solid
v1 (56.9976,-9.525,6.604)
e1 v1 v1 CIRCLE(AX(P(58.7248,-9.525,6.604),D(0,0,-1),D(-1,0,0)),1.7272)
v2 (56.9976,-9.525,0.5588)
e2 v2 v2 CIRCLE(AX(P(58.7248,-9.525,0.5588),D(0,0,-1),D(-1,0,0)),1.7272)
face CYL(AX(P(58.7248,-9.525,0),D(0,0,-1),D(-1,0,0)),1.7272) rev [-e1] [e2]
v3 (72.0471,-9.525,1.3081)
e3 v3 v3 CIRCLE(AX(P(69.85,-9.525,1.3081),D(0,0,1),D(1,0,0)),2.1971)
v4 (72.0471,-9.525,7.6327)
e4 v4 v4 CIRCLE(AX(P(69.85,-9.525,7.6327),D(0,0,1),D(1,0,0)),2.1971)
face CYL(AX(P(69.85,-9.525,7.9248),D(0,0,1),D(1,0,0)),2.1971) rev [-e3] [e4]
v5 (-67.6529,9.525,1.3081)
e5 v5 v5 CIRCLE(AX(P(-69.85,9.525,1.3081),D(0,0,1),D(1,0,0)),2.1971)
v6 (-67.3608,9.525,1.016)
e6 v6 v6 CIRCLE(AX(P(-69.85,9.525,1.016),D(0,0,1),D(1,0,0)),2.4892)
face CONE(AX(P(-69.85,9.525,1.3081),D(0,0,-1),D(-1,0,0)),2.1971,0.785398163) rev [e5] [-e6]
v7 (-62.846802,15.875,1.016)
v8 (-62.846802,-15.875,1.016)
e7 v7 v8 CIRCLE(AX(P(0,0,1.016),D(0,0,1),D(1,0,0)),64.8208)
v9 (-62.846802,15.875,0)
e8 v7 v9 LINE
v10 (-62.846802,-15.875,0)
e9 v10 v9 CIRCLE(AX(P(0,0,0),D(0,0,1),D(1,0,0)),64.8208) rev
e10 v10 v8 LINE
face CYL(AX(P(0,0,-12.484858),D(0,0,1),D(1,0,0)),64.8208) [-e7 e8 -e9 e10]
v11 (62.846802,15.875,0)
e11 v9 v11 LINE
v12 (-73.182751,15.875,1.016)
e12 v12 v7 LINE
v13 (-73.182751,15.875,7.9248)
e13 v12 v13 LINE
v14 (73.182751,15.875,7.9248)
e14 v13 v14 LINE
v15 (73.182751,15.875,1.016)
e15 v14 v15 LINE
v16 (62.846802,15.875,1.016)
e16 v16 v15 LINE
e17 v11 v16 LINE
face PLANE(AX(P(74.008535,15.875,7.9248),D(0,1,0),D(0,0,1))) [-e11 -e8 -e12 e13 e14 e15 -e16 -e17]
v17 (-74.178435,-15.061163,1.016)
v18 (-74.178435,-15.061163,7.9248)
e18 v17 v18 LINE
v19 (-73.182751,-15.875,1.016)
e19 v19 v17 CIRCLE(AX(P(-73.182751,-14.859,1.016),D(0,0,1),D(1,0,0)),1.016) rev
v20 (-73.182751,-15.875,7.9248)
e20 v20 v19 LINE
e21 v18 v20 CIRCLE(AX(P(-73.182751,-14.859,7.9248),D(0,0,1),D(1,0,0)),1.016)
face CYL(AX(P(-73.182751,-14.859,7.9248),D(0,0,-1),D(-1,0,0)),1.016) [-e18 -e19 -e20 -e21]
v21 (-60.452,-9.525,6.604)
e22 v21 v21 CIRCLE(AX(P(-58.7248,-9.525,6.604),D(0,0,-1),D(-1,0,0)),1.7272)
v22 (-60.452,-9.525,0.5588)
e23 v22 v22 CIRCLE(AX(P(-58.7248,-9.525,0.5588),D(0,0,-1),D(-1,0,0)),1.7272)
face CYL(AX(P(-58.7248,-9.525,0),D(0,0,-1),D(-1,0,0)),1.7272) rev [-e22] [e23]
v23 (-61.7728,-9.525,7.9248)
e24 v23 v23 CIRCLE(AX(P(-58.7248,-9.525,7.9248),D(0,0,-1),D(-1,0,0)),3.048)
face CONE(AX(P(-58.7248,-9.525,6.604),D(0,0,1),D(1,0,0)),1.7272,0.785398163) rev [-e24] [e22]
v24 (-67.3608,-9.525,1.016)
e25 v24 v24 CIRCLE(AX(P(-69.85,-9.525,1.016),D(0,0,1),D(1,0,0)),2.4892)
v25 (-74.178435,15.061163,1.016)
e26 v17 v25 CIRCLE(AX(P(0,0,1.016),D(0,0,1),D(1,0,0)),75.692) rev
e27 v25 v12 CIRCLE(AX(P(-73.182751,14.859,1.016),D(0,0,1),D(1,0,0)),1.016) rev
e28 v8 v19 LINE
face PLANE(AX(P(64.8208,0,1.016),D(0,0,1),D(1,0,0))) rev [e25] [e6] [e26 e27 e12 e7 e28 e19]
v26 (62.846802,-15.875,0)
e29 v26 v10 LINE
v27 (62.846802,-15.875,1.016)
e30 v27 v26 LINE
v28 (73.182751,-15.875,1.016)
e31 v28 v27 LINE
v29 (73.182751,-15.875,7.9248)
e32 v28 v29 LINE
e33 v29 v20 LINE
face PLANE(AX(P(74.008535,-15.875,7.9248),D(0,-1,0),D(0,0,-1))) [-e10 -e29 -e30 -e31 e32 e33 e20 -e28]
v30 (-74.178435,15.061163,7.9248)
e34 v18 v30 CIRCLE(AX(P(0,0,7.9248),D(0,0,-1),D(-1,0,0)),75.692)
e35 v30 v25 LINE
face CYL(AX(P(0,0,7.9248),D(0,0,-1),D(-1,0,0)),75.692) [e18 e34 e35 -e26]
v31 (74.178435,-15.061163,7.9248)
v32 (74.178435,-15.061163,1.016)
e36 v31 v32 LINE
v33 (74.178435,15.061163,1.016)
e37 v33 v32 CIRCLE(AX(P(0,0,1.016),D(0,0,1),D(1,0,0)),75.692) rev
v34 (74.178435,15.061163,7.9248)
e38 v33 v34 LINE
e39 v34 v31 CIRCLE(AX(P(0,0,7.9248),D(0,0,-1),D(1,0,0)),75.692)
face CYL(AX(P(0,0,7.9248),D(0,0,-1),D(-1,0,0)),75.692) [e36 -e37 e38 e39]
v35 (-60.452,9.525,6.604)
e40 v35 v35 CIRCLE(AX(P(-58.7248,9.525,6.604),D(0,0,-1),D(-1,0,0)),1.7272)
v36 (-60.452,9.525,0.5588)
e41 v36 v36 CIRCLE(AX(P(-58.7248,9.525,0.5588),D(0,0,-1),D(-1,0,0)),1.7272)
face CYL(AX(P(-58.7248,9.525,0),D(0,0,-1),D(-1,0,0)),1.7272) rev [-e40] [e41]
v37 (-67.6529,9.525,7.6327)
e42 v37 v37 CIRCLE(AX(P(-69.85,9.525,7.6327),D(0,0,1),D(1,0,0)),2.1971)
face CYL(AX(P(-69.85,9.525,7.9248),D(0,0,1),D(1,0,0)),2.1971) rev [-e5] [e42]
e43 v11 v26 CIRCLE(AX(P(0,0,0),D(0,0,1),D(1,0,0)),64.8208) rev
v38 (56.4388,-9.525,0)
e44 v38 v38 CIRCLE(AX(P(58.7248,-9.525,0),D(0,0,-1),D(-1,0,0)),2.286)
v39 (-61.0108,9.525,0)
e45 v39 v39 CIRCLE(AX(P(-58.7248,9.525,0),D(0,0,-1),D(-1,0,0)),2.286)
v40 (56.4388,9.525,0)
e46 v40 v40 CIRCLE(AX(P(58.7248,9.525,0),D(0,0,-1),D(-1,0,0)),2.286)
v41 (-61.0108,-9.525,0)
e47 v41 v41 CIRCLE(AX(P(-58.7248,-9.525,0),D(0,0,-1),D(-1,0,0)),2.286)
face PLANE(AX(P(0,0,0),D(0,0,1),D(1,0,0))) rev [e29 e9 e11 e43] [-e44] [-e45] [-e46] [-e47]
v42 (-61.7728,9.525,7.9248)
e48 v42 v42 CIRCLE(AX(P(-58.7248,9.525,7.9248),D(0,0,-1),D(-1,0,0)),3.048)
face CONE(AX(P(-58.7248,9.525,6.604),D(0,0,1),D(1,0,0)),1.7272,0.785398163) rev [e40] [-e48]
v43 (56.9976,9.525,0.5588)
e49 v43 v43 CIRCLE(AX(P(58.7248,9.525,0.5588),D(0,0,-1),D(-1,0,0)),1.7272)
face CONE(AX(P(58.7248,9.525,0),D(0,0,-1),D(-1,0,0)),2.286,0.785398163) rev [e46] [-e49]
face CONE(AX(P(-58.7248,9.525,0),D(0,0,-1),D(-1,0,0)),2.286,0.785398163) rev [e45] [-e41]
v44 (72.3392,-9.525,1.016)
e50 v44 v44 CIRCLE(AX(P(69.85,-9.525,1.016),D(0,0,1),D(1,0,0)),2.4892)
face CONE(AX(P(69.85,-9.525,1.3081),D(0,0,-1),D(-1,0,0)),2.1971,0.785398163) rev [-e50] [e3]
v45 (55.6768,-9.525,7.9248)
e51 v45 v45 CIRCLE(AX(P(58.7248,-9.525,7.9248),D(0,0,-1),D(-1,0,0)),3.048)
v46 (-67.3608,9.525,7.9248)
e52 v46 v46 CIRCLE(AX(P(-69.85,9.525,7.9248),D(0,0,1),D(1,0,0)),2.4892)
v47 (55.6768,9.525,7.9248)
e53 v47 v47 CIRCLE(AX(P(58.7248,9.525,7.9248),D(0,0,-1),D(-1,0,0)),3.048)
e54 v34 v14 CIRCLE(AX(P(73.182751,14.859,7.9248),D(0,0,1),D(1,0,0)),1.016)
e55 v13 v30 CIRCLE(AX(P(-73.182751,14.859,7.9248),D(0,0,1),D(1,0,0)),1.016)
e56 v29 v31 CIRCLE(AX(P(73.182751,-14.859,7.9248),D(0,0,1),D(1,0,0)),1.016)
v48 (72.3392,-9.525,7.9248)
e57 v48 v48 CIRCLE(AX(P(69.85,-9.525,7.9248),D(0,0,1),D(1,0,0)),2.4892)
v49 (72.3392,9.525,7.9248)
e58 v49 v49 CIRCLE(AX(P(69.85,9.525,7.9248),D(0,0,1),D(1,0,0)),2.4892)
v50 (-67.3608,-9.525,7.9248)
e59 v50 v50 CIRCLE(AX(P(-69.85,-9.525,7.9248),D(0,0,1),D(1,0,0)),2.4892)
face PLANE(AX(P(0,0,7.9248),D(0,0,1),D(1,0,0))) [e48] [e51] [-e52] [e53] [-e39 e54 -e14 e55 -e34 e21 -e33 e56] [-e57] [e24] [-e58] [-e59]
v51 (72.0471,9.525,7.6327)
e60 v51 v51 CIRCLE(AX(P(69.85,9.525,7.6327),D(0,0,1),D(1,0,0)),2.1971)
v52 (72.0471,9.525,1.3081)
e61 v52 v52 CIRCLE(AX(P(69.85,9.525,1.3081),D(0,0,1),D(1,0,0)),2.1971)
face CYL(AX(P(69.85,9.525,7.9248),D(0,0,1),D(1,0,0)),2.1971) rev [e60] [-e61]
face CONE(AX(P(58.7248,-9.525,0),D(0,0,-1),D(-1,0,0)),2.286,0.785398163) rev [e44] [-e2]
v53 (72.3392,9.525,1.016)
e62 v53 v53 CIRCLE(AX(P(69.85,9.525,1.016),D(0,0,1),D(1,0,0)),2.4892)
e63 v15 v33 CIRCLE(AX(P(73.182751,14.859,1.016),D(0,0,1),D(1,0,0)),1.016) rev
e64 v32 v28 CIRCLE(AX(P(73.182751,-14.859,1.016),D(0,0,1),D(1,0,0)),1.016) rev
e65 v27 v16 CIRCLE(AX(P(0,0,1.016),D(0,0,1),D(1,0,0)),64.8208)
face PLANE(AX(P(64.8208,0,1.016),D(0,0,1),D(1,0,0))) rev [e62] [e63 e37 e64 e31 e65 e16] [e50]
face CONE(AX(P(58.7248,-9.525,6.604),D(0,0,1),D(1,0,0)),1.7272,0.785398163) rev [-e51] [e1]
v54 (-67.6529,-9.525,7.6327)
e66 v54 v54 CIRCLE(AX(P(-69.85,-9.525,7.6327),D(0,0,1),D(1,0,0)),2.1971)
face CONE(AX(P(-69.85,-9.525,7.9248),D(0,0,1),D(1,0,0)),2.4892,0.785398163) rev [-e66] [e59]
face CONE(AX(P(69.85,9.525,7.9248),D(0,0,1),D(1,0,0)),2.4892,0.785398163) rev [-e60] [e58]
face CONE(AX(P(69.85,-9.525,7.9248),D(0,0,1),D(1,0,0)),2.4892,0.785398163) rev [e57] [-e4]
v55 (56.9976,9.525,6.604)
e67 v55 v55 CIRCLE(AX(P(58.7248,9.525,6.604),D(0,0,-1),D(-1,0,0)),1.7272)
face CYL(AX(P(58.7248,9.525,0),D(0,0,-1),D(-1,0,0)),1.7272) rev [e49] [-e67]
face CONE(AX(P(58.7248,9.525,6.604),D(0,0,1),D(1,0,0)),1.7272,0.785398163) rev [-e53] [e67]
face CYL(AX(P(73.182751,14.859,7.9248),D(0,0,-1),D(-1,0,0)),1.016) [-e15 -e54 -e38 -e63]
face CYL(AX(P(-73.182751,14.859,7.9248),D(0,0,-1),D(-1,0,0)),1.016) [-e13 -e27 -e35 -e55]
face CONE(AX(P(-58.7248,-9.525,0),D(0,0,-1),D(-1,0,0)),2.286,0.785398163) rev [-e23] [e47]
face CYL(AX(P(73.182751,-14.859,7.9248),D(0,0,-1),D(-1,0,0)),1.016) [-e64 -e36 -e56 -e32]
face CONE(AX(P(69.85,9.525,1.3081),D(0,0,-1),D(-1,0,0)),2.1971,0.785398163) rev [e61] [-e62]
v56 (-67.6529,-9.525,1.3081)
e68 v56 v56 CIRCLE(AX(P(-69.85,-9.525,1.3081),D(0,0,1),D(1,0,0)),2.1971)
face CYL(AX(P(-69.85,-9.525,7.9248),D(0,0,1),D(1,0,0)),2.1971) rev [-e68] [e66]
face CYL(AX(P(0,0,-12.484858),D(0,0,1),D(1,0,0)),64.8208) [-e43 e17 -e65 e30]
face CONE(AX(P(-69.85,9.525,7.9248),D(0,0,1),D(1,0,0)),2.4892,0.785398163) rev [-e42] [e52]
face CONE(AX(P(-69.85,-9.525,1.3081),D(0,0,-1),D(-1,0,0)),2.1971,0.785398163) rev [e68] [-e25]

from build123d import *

# Parameters (mm, degrees)
BOSS_EXTRUDE1_DEPTH                  = 7.9248
SKETCH12_W                           = 35.56
SKETCH12_H                           = 35.56
FILLET1_R                            = 1.016
F_8_32_TAPPED_HOLE2_AT_2_COUNT       = 2
F_8_32_TAPPED_HOLE2_AT_2_PITCH       = 19.05
F_8_32_TAPPED_HOLE2_AT_3_COUNT       = 2
F_8_32_TAPPED_HOLE2_AT_3_PITCH       = 117.4496
F_8_32_TAPPED_HOLE2_AT_4_COUNT       = 2
F_8_32_TAPPED_HOLE2_AT_4_PITCH       = 118.984499159
F_17_0_173_DIAMETER_HOLE1_AT_2_COUNT = 2
F_17_0_173_DIAMETER_HOLE1_AT_2_PITCH = 19.05
F_17_0_173_DIAMETER_HOLE1_AT_3_COUNT = 2
F_17_0_173_DIAMETER_HOLE1_AT_3_PITCH = 139.7
F_17_0_173_DIAMETER_HOLE1_AT_4_COUNT = 2
F_17_0_173_DIAMETER_HOLE1_AT_4_PITCH = 140.992881026


with BuildPart() as part:
    # Sketch1 → Boss-Extrude1 (new body)
    with BuildSketch(Plane(origin=(0, 0, 0), x_dir=(1, 0, 0), z_dir=(0, 0, -1))):
        with BuildLine():
            Line((74.008534906, -15.875), (-74.008534906, -15.875))
            ThreePointArc((-74.008534906, -15.875), (-75.692, 0), (-74.008534906, 15.875))
            Line((-74.008534906, 15.875), (74.008534906, 15.875))
            ThreePointArc((74.008534906, 15.875), (75.692, 0), (74.008534906, -15.875))
        make_face()
    extrude(amount=-BOSS_EXTRUDE1_DEPTH)

    # Sketch12 → Cut-Revolve1 (revolve, cut)
    with BuildSketch(Plane(origin=(0, 0, 0), x_dir=(1, 0, 0), z_dir=(0, 1, 0))):
        with Locations((82.6008, 16.764)):
            Rectangle(SKETCH12_W, SKETCH12_H)
    revolve(axis=Axis((0, 0, -12.484857721), (0, 0, -1)), mode=Mode.SUBTRACT)

    # Fillet1
    fillet1_edges = [part.edges().sort_by_distance(p)[0] for p in [
        (74.008534906, 15.875, 4.4704),
        (-74.008534906, 15.875, 4.4704),
        (-74.008534906, -15.875, 4.4704),
        (74.008534906, -15.875, 4.4704),
    ]]
    fillet(fillet1_edges, radius=FILLET1_R)

    # Sketch2 → #8-32 Tapped Hole2 (revolve, cut)
    with BuildSketch(Plane(origin=(-58.7248, 9.525, 0), x_dir=(0, 1, 0), z_dir=(1, 0, 0))):
        Polygon((0, 0), (0, 7.9248), (3.048, 7.9248), (1.7272, 6.604), (1.7272, 0.5588), (2.286, 0), align=None)
    f_8_32_tapped_hole2 = revolve(axis=Axis((-58.7248, 9.525, -6.35), (0, 0, 1)), mode=Mode.SUBTRACT)

    # #8-32 Tapped Hole2 at 2: #8-32 Tapped Hole2 ×2
    with Locations(*[(0, -i * F_8_32_TAPPED_HOLE2_AT_2_PITCH, 0) for i in range(1, F_8_32_TAPPED_HOLE2_AT_2_COUNT)]):
        add(f_8_32_tapped_hole2, mode=Mode.SUBTRACT)

    # #8-32 Tapped Hole2 at 3: #8-32 Tapped Hole2 ×2
    with Locations(*[(i * F_8_32_TAPPED_HOLE2_AT_3_PITCH, 0, 0) for i in range(1, F_8_32_TAPPED_HOLE2_AT_3_COUNT)]):
        add(f_8_32_tapped_hole2, mode=Mode.SUBTRACT)

    # #8-32 Tapped Hole2 at 4: #8-32 Tapped Hole2 ×2
    with Locations(*[Vector(0.9871000073957296, -0.16010488874281947, 0) * (i * F_8_32_TAPPED_HOLE2_AT_4_PITCH) for i in range(1, F_8_32_TAPPED_HOLE2_AT_4_COUNT)]):
        add(f_8_32_tapped_hole2, mode=Mode.SUBTRACT)

    # Sketch5 → #17 (0.173) Diameter Hole1 (revolve, cut)
    with BuildSketch(Plane(origin=(69.85, 9.525, 7.9248), x_dir=(0, -1, 0), z_dir=(1, 0, 0))):
        Polygon((0, 0), (0, 6.9088), (2.4892, 6.9088), (2.1971, 6.6167), (2.1971, 0.2921), (2.4892, 0), align=None)
    f_17_0_173_diameter_hole1 = revolve(axis=Axis((69.85, 9.525, 14.2748), (0, 0, -1)), mode=Mode.SUBTRACT)

    # #17 (0.173) Diameter Hole1 at 2: #17 (0.173) Diameter Hole1 ×2
    with Locations(*[(0, -i * F_17_0_173_DIAMETER_HOLE1_AT_2_PITCH, 0) for i in range(1, F_17_0_173_DIAMETER_HOLE1_AT_2_COUNT)]):
        add(f_17_0_173_diameter_hole1, mode=Mode.SUBTRACT)

    # #17 (0.173) Diameter Hole1 at 3: #17 (0.173) Diameter Hole1 ×2
    with Locations(*[(-i * F_17_0_173_DIAMETER_HOLE1_AT_3_PITCH, 0, 0) for i in range(1, F_17_0_173_DIAMETER_HOLE1_AT_3_COUNT)]):
        add(f_17_0_173_diameter_hole1, mode=Mode.SUBTRACT)

    # #17 (0.173) Diameter Hole1 at 4: #17 (0.173) Diameter Hole1 ×2
    with Locations(*[Vector(-0.990830168044299, -0.13511320473331354, 0) * (i * F_17_0_173_DIAMETER_HOLE1_AT_4_PITCH) for i in range(1, F_17_0_173_DIAMETER_HOLE1_AT_4_COUNT)]):
        add(f_17_0_173_diameter_hole1, mode=Mode.SUBTRACT)


solid = part.part
